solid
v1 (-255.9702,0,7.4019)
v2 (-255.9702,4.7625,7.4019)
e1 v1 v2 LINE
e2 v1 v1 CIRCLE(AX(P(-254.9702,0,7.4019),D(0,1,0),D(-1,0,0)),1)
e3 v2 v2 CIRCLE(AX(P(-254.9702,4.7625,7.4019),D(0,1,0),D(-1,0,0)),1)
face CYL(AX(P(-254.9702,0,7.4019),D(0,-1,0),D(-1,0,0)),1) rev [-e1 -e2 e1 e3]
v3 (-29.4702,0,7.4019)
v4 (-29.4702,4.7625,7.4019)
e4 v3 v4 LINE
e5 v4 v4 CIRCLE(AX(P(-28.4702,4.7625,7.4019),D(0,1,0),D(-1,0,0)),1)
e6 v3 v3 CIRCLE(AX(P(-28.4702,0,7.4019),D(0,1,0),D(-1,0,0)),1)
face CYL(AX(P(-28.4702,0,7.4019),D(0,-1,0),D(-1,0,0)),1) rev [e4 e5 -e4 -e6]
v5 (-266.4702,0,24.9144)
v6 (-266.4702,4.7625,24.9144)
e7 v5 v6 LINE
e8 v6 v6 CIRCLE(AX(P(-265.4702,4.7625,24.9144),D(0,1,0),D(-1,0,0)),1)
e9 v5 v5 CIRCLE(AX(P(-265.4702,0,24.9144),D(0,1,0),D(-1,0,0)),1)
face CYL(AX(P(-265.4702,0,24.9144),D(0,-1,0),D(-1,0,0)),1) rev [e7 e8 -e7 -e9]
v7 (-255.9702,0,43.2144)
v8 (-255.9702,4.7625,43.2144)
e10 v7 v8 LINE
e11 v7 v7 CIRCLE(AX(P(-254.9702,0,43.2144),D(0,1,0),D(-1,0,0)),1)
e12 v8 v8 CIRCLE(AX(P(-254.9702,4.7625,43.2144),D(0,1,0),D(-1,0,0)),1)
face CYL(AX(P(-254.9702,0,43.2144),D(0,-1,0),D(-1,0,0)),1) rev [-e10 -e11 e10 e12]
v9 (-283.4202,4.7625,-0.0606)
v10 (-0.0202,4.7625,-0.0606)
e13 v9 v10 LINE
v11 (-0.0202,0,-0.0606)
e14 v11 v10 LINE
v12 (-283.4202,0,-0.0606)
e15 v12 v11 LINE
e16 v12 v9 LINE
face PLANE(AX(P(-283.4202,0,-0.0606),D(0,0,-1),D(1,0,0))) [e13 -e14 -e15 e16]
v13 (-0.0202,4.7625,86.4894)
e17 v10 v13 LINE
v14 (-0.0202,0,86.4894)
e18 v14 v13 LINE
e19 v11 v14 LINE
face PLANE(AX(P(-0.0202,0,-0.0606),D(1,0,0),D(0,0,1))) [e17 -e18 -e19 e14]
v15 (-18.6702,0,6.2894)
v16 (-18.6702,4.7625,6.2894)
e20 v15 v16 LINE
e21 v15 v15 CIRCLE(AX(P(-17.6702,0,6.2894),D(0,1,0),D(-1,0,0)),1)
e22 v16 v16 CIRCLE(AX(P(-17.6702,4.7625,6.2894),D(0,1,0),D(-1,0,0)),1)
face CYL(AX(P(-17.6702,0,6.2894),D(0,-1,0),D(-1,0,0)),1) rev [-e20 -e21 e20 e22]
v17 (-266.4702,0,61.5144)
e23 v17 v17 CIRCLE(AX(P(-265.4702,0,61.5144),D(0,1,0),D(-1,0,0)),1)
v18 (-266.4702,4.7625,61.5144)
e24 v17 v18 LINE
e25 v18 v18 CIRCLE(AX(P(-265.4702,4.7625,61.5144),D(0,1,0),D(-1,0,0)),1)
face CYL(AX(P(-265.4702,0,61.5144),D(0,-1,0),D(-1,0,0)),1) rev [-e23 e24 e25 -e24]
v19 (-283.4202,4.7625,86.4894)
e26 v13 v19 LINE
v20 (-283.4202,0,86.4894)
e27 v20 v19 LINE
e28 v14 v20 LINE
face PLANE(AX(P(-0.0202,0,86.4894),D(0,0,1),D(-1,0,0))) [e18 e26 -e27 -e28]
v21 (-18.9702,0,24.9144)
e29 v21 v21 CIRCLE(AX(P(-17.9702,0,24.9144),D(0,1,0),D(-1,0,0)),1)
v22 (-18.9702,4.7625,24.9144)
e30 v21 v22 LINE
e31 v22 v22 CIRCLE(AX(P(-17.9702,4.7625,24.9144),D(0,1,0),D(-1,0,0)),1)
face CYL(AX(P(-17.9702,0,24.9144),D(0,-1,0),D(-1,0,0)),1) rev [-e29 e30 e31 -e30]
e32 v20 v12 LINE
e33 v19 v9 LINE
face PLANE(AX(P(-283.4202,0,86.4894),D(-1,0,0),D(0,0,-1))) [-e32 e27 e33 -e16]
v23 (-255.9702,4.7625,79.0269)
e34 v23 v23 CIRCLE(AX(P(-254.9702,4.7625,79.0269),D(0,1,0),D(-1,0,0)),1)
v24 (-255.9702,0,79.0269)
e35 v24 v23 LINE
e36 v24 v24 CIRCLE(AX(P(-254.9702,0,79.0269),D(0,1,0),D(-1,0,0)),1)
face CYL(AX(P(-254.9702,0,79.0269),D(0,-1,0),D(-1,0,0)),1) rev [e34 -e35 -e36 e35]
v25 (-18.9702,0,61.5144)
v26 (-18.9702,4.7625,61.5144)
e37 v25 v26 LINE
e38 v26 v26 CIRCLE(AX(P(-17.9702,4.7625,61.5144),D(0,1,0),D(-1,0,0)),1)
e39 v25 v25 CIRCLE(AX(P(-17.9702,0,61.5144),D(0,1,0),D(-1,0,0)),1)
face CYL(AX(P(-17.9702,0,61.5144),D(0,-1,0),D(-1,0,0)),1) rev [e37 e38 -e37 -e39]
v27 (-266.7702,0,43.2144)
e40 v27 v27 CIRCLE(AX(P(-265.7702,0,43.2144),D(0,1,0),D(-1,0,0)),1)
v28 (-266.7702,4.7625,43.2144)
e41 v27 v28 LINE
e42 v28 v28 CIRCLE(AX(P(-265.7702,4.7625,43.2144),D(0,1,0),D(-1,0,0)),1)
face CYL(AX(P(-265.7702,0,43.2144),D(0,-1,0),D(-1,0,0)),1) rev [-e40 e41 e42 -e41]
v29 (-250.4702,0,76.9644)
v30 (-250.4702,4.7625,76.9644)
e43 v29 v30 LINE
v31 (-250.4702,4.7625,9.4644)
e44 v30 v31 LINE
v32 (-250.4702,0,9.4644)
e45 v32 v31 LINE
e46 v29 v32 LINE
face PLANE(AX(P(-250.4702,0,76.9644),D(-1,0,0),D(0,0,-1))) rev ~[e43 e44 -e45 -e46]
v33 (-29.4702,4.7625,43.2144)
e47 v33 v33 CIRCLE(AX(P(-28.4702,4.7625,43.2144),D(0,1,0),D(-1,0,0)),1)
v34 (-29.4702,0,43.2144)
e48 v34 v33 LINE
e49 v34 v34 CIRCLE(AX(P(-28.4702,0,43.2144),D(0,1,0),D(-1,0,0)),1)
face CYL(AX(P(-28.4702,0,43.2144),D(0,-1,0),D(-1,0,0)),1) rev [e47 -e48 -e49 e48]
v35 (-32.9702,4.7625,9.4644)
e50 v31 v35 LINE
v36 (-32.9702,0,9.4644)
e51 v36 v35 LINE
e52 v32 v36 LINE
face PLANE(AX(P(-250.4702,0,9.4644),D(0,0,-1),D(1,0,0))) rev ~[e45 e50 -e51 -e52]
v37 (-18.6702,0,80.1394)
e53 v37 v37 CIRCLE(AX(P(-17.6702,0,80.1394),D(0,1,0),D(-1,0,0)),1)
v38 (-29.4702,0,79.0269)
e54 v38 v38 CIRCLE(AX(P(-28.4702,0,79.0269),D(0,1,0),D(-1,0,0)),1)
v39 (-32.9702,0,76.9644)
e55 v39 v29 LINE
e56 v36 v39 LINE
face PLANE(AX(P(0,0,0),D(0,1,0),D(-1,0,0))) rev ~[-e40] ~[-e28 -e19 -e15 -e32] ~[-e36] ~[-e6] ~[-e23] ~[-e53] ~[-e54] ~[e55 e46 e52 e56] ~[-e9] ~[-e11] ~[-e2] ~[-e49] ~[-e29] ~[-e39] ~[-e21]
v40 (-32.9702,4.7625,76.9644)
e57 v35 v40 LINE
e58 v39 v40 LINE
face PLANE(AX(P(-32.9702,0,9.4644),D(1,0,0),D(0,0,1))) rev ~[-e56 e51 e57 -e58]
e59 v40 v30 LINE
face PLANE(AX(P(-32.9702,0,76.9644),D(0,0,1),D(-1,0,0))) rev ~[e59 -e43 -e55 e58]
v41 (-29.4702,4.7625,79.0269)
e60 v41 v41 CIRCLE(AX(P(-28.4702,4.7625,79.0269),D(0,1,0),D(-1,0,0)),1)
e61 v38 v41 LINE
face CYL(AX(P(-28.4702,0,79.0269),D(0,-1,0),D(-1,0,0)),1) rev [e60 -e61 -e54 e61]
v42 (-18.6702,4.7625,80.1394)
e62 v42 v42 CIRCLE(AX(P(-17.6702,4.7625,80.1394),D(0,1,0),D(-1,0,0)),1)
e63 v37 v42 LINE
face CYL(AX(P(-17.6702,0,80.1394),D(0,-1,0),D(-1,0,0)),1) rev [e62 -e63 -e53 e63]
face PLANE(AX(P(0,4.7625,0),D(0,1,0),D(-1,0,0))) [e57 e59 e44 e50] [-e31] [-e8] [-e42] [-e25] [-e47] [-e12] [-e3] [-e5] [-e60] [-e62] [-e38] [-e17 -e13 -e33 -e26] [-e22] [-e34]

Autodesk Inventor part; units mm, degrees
ref_plane "YZ Plane" through (0, 0, 0) normal (1, 0, 0) x (0, 1, 0)
ref_plane "XZ Plane" through (0, 0, 0) normal (0, 1, 0) x (-1, 0, 0)
ref_plane "XY Plane" through (0, 0, 0) normal (0, 0, 1) x (1, 0, 0)
sketch "Sketch1" plane through (0, 0, 0) normal (0, 1, 0) x (-1, 0, 0)
  line L0 (283.4202, -0.0606) -> (0.0202, -0.0606)
  circle A0 centre (28.4702, 43.2144) radius 1
  circle A1 centre (28.4702, 79.0269) radius 1
  circle A2 centre (28.4702, 7.4019) radius 1
  circle A3 centre (254.9702, 7.4019) radius 1
  circle A4 centre (254.9702, 43.2144) radius 1
  circle A5 centre (254.9702, 79.0269) radius 1
  circle A6 centre (17.6702, 6.2894) radius 1
  circle A7 centre (17.6702, 80.1394) radius 1
  circle A8 centre (265.7702, 43.2144) radius 1
  line L1 (283.4202, 86.4894) -> (283.4202, -0.0606)
  line L2 (250.4702, 76.9644) -> (250.4702, 9.4644)
  line L3 (32.9702, 76.9644) -> (250.4702, 76.9644)
  line L4 (32.9702, 9.4644) -> (32.9702, 76.9644)
  line L5 (250.4702, 9.4644) -> (32.9702, 9.4644)
  line L6 (0.0202, -0.0606) -> (0.0202, 86.4894)
  line L7 (0.0202, 86.4894) -> (283.4202, 86.4894)
  circle A9 centre (17.9702, 24.9144) radius 1
  circle A10 centre (265.4702, 24.9144) radius 1
  circle A11 centre (265.4702, 61.5144) radius 1
  circle A12 centre (17.9702, 61.5144) radius 1
  point P0 (0, 0)
extrude "Extrusion1" add sketch "Sketch1" along normal blind 4.7625
properties part number "core xy gantry"
